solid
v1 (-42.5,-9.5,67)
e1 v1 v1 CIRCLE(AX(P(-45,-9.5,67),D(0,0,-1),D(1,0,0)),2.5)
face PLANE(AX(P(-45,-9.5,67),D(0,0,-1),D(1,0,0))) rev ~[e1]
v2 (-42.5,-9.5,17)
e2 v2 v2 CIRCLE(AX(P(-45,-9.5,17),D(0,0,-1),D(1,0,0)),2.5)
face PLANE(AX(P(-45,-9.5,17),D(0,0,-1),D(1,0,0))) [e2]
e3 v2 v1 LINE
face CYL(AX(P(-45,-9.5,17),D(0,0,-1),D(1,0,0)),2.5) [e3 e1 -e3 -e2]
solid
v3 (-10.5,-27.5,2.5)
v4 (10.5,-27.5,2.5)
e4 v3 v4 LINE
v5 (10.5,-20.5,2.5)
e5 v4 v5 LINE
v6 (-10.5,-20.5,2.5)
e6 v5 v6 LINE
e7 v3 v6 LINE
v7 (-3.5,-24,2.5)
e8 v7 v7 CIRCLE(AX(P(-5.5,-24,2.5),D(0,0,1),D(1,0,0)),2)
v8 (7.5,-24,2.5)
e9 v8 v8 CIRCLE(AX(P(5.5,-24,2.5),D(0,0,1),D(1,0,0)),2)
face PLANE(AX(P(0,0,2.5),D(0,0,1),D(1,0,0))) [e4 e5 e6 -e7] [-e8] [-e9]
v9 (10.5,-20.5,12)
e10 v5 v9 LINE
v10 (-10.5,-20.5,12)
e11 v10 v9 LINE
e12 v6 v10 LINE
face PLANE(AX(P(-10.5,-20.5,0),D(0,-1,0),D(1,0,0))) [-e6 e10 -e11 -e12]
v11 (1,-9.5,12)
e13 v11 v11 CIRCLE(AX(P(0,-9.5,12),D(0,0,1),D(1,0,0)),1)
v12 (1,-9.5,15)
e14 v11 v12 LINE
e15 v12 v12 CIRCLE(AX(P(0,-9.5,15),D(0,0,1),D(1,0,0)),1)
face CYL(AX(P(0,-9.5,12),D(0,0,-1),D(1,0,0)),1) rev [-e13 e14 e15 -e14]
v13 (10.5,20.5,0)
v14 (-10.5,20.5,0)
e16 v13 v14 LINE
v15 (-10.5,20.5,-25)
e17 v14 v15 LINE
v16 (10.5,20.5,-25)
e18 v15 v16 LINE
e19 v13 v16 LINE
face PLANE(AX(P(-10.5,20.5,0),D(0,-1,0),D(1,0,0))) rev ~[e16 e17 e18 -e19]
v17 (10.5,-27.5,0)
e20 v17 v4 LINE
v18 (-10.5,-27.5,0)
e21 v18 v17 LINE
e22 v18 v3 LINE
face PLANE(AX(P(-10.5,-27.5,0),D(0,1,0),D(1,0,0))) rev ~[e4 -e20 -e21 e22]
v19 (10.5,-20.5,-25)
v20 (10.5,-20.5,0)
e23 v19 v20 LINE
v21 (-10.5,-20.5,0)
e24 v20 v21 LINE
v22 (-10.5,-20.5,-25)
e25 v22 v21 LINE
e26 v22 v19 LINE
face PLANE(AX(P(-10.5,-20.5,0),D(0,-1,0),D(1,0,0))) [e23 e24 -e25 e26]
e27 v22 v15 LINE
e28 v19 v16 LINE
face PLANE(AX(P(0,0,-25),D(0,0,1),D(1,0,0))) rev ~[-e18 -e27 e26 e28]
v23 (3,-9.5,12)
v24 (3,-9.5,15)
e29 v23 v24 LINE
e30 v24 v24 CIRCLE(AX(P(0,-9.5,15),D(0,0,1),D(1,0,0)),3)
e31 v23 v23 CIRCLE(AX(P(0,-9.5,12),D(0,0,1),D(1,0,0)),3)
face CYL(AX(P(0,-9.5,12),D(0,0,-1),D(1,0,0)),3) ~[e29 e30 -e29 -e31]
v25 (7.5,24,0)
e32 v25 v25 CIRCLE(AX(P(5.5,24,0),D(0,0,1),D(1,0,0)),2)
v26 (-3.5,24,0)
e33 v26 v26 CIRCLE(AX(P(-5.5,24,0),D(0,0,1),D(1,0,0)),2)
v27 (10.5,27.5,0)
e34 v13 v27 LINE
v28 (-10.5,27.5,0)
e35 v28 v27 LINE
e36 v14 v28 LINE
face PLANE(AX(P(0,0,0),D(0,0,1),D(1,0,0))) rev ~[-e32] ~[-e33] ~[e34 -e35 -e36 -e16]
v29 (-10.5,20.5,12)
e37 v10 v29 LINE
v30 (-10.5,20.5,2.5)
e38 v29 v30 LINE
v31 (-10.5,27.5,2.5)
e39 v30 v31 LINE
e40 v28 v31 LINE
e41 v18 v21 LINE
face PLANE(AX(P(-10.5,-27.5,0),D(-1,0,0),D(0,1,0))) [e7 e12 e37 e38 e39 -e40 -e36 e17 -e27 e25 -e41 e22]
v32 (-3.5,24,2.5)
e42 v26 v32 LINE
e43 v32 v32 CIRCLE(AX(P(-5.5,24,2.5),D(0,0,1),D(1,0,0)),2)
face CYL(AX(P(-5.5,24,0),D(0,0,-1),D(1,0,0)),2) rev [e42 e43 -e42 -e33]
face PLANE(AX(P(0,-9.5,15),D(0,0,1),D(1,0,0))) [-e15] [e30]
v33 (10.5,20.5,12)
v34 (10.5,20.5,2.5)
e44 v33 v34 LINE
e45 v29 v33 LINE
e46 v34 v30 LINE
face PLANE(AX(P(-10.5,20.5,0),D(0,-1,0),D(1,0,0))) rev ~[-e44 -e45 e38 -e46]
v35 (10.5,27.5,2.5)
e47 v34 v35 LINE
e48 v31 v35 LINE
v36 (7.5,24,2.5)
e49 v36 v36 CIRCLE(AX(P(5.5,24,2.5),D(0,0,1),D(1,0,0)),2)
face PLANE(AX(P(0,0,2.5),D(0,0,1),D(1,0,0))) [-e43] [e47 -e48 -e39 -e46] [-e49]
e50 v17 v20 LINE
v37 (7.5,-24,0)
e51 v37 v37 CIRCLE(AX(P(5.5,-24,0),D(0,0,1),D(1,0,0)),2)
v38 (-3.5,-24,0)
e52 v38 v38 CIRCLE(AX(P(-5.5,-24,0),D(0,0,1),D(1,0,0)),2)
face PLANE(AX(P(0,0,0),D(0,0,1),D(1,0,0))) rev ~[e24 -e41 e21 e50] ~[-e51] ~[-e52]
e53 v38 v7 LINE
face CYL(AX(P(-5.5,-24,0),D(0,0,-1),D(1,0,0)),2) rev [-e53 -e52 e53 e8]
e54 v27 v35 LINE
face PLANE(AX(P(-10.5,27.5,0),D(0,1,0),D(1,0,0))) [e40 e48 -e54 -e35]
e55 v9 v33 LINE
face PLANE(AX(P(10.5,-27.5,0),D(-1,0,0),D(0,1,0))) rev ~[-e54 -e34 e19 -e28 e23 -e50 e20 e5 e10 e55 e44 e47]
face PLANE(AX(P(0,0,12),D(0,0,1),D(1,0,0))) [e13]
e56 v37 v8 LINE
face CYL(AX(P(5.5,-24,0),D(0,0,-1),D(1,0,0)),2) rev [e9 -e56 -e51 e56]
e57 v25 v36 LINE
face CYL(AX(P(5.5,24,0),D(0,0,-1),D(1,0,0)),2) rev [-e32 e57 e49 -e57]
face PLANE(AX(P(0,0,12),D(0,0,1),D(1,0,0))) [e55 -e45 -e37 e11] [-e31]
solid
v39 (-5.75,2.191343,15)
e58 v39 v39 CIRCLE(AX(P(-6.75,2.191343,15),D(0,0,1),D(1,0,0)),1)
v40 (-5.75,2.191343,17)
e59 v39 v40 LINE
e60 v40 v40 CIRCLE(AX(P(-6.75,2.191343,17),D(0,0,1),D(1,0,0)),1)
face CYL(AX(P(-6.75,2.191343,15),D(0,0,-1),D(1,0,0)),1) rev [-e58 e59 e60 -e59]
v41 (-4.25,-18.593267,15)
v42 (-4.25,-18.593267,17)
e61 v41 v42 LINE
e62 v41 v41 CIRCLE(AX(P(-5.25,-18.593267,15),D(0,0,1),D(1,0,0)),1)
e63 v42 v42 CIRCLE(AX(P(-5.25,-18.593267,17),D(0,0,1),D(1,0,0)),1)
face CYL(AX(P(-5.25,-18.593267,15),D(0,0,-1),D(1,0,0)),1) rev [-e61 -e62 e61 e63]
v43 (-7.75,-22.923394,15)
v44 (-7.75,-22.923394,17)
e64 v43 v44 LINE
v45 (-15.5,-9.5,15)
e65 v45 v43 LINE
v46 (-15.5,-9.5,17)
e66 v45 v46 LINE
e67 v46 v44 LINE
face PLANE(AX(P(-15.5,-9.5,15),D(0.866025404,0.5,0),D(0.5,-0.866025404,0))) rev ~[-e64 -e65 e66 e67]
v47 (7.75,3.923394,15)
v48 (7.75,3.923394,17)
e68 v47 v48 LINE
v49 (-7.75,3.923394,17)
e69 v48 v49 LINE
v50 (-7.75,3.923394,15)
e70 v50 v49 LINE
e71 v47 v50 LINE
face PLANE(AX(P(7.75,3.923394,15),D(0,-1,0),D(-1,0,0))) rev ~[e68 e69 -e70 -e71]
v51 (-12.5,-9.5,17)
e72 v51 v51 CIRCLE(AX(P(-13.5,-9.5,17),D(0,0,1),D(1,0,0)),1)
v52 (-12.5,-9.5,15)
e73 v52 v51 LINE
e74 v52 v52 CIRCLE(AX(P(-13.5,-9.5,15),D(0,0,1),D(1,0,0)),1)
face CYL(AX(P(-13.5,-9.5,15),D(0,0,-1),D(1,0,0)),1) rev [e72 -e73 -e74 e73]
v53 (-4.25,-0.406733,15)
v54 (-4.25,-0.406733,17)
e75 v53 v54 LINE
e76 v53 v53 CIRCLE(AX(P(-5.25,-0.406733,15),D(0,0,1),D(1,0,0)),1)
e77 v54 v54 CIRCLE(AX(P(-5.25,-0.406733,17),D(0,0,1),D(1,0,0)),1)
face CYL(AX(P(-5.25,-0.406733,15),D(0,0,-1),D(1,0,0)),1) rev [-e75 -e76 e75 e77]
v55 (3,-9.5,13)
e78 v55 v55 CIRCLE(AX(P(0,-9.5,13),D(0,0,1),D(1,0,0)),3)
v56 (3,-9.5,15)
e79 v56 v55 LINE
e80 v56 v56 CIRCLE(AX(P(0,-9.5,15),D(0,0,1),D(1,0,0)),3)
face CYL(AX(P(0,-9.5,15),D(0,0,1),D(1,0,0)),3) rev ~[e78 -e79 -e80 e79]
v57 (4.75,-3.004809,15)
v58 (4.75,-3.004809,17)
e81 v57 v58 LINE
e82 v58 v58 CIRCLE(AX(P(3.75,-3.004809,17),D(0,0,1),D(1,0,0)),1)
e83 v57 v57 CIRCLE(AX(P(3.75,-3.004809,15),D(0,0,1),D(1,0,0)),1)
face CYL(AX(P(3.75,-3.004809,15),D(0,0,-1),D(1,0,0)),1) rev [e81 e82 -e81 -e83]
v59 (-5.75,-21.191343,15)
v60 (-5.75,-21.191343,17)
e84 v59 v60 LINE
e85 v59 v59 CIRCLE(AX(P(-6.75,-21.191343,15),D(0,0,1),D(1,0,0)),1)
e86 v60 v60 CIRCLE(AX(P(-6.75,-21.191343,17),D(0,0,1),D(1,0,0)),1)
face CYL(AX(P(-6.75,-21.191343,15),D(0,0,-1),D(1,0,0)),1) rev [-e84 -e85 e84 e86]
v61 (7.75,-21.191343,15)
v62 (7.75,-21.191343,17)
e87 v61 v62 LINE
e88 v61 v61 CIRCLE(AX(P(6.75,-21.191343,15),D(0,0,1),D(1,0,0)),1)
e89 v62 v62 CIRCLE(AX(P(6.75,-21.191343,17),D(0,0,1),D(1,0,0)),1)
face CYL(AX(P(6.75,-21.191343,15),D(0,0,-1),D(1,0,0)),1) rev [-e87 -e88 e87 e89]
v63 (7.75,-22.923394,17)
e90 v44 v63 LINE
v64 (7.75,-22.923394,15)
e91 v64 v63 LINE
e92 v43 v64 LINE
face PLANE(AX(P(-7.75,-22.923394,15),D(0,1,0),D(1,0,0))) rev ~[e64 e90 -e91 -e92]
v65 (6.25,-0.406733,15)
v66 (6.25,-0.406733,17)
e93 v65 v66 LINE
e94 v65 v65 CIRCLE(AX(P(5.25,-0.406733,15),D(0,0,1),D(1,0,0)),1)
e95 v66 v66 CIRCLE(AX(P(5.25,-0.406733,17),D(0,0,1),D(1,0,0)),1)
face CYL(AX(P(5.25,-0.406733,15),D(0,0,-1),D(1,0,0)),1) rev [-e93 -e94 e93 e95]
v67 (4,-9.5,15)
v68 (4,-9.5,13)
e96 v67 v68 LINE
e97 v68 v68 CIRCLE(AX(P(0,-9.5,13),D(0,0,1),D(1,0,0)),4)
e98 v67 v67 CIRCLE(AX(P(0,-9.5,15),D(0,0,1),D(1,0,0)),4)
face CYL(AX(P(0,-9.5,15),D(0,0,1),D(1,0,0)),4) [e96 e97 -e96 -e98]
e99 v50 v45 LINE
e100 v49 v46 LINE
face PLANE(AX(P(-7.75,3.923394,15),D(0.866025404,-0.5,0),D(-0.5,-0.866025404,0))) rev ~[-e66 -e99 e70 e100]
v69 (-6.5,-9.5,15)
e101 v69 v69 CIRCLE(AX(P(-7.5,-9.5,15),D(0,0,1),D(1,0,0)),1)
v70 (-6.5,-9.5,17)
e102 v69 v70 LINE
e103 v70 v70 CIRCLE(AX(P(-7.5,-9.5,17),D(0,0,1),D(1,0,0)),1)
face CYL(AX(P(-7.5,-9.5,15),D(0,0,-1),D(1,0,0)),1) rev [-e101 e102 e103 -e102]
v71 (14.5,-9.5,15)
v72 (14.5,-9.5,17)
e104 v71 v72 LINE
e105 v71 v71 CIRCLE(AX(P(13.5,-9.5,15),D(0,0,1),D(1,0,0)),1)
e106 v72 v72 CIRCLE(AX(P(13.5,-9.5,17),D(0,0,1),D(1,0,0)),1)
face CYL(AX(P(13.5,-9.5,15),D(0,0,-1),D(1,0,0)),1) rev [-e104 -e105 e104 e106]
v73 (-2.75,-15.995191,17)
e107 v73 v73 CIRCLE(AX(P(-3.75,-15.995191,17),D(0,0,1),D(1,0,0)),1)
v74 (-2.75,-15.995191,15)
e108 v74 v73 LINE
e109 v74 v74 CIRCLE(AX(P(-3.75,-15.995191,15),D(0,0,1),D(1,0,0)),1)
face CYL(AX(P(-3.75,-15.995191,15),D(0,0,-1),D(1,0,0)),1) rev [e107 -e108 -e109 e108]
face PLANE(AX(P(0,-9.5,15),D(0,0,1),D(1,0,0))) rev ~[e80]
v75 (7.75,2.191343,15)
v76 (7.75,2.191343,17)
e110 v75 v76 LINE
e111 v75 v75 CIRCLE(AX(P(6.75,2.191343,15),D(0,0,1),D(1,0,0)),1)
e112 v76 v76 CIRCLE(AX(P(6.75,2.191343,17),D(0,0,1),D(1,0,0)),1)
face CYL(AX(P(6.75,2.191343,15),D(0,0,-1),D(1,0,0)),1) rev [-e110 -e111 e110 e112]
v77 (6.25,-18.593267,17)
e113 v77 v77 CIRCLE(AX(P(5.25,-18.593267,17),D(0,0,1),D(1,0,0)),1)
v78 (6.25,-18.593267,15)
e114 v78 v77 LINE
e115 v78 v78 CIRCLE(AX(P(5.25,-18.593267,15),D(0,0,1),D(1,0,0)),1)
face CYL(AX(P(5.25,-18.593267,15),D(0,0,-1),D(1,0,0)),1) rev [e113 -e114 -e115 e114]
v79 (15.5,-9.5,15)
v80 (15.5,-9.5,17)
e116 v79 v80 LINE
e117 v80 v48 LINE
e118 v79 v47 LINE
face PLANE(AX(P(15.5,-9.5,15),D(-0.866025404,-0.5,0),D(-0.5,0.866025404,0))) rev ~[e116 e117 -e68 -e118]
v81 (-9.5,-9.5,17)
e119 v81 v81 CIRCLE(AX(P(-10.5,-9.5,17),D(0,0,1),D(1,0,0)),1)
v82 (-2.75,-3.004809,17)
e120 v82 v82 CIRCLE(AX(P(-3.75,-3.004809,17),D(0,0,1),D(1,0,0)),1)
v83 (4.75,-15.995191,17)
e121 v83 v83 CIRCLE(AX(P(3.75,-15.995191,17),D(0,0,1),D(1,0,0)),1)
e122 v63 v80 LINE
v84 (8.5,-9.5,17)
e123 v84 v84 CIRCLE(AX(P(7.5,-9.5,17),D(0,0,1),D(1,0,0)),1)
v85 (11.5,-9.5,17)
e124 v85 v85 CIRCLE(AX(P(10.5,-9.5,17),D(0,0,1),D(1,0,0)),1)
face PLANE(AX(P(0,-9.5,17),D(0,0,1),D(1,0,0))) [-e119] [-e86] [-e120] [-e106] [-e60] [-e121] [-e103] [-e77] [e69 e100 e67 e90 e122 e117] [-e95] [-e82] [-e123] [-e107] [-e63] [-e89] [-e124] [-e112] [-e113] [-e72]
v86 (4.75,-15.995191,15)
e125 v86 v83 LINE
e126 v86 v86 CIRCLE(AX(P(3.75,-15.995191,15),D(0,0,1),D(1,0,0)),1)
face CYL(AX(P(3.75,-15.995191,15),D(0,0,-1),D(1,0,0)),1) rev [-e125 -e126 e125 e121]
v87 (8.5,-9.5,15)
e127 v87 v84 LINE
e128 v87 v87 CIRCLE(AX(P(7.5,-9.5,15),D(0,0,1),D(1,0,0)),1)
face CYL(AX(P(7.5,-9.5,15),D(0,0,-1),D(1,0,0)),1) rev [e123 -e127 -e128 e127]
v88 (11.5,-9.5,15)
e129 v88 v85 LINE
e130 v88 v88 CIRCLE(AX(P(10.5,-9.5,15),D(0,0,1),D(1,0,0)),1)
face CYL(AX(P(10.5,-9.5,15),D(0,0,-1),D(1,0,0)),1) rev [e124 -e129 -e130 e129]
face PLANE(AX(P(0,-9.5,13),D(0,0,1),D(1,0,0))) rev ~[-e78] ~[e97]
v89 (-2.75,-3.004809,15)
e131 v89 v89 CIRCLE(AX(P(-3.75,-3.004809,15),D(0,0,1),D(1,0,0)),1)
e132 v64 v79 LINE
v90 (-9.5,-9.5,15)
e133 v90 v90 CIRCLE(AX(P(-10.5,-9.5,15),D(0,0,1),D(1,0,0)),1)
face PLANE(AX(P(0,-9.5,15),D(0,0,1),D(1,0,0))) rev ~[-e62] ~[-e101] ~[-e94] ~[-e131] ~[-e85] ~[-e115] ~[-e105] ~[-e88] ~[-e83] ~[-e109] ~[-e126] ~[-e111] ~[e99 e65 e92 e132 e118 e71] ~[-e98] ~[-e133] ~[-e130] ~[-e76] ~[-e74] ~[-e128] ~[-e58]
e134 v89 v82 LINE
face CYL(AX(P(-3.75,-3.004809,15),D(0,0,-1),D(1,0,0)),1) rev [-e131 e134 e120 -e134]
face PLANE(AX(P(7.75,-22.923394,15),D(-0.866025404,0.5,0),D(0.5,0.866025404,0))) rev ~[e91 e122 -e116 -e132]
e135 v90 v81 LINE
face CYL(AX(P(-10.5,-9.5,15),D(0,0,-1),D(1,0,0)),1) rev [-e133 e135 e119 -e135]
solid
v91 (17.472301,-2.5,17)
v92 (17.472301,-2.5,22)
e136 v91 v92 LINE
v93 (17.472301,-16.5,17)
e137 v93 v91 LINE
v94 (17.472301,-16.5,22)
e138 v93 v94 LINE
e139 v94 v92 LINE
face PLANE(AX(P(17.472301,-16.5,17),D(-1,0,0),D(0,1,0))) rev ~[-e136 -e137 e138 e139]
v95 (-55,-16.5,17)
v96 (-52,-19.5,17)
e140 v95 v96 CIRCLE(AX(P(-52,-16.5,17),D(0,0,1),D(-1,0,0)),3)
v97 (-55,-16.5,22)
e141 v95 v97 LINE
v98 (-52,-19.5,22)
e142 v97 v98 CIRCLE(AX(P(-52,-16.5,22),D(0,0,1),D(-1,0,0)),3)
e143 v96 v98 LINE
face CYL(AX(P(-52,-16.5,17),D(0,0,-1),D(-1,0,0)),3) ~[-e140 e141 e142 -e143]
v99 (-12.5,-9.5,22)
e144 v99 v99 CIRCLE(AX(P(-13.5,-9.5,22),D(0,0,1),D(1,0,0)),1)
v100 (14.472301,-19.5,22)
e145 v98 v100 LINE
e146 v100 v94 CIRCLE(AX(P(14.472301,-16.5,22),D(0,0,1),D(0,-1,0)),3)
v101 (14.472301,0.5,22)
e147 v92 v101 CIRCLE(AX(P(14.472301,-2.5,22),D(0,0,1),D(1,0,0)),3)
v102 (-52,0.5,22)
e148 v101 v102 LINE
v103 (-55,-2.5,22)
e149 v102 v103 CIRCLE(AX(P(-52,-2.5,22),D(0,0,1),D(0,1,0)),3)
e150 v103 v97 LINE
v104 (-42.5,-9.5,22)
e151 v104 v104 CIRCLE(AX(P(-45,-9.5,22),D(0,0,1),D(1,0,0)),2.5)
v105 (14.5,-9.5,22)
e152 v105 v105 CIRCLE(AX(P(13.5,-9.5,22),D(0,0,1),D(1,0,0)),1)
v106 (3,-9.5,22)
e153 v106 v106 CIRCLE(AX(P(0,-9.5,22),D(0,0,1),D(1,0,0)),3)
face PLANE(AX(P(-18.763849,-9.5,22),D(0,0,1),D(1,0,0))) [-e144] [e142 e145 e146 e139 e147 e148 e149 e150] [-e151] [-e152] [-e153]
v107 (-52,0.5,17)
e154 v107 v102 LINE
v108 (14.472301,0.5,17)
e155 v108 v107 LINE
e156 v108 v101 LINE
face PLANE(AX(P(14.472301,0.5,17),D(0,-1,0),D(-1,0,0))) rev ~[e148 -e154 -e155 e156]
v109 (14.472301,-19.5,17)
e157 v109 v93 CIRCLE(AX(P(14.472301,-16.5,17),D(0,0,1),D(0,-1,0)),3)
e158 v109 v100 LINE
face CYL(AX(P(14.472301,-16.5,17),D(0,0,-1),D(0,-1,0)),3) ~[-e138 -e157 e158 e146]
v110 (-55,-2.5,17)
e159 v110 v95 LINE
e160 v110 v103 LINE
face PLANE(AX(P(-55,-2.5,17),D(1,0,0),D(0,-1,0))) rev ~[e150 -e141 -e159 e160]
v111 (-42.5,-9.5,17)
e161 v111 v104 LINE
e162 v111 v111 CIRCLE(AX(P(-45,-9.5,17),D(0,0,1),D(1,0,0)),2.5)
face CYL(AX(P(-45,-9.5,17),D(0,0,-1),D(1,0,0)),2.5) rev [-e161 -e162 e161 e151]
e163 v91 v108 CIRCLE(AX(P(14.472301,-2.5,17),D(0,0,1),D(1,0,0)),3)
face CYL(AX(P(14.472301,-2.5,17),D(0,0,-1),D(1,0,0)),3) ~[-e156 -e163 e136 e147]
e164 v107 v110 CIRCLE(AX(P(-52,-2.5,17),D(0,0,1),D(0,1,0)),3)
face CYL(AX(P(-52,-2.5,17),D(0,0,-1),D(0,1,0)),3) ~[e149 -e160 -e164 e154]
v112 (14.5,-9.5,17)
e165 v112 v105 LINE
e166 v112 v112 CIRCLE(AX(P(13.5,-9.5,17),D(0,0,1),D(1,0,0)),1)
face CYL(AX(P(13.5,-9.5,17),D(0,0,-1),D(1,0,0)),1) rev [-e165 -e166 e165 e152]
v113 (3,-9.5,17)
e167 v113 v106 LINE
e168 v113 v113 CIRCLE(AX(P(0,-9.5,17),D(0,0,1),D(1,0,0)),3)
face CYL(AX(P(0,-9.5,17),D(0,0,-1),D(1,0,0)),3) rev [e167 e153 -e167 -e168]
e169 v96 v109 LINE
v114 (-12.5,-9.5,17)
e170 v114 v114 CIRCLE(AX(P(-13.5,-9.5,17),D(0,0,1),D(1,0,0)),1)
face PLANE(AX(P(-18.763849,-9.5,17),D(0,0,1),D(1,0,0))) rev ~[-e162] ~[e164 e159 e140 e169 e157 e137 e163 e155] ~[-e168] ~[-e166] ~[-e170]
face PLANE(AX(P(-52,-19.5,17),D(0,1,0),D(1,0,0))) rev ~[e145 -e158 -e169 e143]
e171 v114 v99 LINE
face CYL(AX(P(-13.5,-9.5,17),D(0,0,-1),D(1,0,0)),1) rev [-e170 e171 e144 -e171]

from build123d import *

# Parameters (mm, degrees)
F0_W          = 21
F0_H          = 41
F1_DEPTH      = 12
F1_DEPTH_BACK = 25
F2_W          = 21
F2_H          = 55
F2_R          = 2
F3_DEPTH      = 2.5
F4_R          = 3
F4_R_2        = 1
F5_DEPTH      = 3
F6_R          = 4
F6_R_2        = 3
F7_DEPTH      = 2
F8_R          = 1
F9_DEPTH      = 2
F10_R         = 2.5
F10_R_2       = 1
F10_R_3       = 3
F11_DEPTH     = 5
F12_R         = 2.5
F13_DEPTH     = 50


with BuildPart() as f1:
    # F0 (on Top) → F1 (new body, two sides)
    with BuildSketch(Plane.XY) as f1_sk:
        Rectangle(F0_W, F0_H)
    extrude(amount=F1_DEPTH)
    extrude(f1_sk.sketch, amount=-F1_DEPTH_BACK)

    # F2 (on Top) → F3 (join)
    with BuildSketch(Plane.XY):
        Rectangle(F2_W, F2_H)
        with Locations((-5.5, -24)):
            Circle(F2_R, mode=Mode.SUBTRACT)
        with Locations((5.5, -24)):
            Circle(F2_R, mode=Mode.SUBTRACT)
        with Locations((-5.5, 24)):
            Circle(F2_R, mode=Mode.SUBTRACT)
        with Locations((5.5, 24)):
            Circle(F2_R, mode=Mode.SUBTRACT)
    extrude(amount=F3_DEPTH)

    # F4 (on face) → F5 (join)
    with BuildSketch(Plane.XY.offset(12)):
        with Locations((0, -9.5)):
            Circle(F4_R)
        with Locations((0, -9.5)):
            Circle(F4_R_2, mode=Mode.SUBTRACT)
    extrude(amount=F5_DEPTH)


with BuildPart() as f7:
    # F6 (on face) → F7 (new body)
    with BuildSketch(Plane.XY.offset(15)):
        with Locations((0, -9.5)):
            Circle(F6_R)
        with Locations((0, -9.5)):
            Circle(F6_R_2, mode=Mode.SUBTRACT)
    extrude(amount=-F7_DEPTH)

    # F8 (on face) → F9 (join)
    with BuildSketch(Plane.XY.offset(15)):
        Polygon((15.5, -9.5), (7.75, 3.9233937587), (-7.75, 3.9233937587), (-15.5, -9.5), (-7.75, -22.9233937587), (7.75, -22.9233937587), align=None)
        with Locations((-6.75, -21.1913429511)):
            Circle(F8_R, mode=Mode.SUBTRACT)
        with Locations((-5.25, -18.5932667397)):
            Circle(F8_R, mode=Mode.SUBTRACT)
        with Locations((-3.75, -15.9951905284)):
            Circle(F8_R, mode=Mode.SUBTRACT)
        with Locations((6.75, -21.1913429511)):
            Circle(F8_R, mode=Mode.SUBTRACT)
        with Locations((5.25, -18.5932667397)):
            Circle(F8_R, mode=Mode.SUBTRACT)
        with Locations((3.75, -15.9951905284)):
            Circle(F8_R, mode=Mode.SUBTRACT)
        with Locations((-13.5, -9.5)):
            Circle(F8_R, mode=Mode.SUBTRACT)
        with Locations((-10.5, -9.5)):
            Circle(F8_R, mode=Mode.SUBTRACT)
        with Locations((-7.5, -9.5)):
            Circle(F8_R, mode=Mode.SUBTRACT)
        with Locations((-3.75, -3.0048094716)):
            Circle(F8_R, mode=Mode.SUBTRACT)
        with Locations((-5.25, -0.4067332603)):
            Circle(F8_R, mode=Mode.SUBTRACT)
        with Locations((-6.75, 2.1913429511)):
            Circle(F8_R, mode=Mode.SUBTRACT)
        with Locations((7.5, -9.5)):
            Circle(F8_R, mode=Mode.SUBTRACT)
        with Locations((3.75, -3.0048094716)):
            Circle(F8_R, mode=Mode.SUBTRACT)
        with Locations((10.5, -9.5)):
            Circle(F8_R, mode=Mode.SUBTRACT)
        with Locations((13.5, -9.5)):
            Circle(F8_R, mode=Mode.SUBTRACT)
        with Locations((5.25, -0.4067332603)):
            Circle(F8_R, mode=Mode.SUBTRACT)
        with Locations((6.75, 2.1913429511)):
            Circle(F8_R, mode=Mode.SUBTRACT)
    extrude(amount=F9_DEPTH)


with BuildPart() as f11:
    # F10 (on face) → F11 (new body)
    with BuildSketch(Plane.XY.offset(17)):
        with BuildLine():
            ThreePointArc((17.4723014201, -2.5), (16.5936217637, -0.3786796564), (14.4723014201, 0.5))
            Line((14.4723014201, 0.5), (-52, 0.5))
            ThreePointArc((-52, 0.5), (-54.1213203436, -0.3786796564), (-55, -2.5))
            Line((-55, -2.5), (-55, -16.5))
            ThreePointArc((-55, -16.5), (-54.1213203436, -18.6213203436), (-52, -19.5))
            Line((-52, -19.5), (14.4723014201, -19.5))
            ThreePointArc((14.4723014201, -19.5), (16.5936217637, -18.6213203436), (17.4723014201, -16.5))
            Line((17.4723014201, -16.5), (17.4723014201, -2.5))
        make_face()
        with Locations((-45, -9.5)):
            Circle(F10_R, mode=Mode.SUBTRACT)
        with Locations((-13.5, -9.5)):
            Circle(F10_R_2, mode=Mode.SUBTRACT)
        with Locations((0, -9.5)):
            Circle(F10_R_3, mode=Mode.SUBTRACT)
        with Locations((13.5, -9.5)):
            Circle(F10_R_2, mode=Mode.SUBTRACT)
    extrude(amount=F11_DEPTH)


with BuildPart() as f13:
    # F12 (on face) → F13 (new body)
    with BuildSketch(Plane(origin=(0, 0, 17), x_dir=(1, 0, 0), z_dir=(0, 0, -1))):
        with Locations((-45, 9.5)):
            Circle(F12_R)
    extrude(amount=-F13_DEPTH)


solid = Compound([f1.part, f7.part, f11.part, f13.part])
